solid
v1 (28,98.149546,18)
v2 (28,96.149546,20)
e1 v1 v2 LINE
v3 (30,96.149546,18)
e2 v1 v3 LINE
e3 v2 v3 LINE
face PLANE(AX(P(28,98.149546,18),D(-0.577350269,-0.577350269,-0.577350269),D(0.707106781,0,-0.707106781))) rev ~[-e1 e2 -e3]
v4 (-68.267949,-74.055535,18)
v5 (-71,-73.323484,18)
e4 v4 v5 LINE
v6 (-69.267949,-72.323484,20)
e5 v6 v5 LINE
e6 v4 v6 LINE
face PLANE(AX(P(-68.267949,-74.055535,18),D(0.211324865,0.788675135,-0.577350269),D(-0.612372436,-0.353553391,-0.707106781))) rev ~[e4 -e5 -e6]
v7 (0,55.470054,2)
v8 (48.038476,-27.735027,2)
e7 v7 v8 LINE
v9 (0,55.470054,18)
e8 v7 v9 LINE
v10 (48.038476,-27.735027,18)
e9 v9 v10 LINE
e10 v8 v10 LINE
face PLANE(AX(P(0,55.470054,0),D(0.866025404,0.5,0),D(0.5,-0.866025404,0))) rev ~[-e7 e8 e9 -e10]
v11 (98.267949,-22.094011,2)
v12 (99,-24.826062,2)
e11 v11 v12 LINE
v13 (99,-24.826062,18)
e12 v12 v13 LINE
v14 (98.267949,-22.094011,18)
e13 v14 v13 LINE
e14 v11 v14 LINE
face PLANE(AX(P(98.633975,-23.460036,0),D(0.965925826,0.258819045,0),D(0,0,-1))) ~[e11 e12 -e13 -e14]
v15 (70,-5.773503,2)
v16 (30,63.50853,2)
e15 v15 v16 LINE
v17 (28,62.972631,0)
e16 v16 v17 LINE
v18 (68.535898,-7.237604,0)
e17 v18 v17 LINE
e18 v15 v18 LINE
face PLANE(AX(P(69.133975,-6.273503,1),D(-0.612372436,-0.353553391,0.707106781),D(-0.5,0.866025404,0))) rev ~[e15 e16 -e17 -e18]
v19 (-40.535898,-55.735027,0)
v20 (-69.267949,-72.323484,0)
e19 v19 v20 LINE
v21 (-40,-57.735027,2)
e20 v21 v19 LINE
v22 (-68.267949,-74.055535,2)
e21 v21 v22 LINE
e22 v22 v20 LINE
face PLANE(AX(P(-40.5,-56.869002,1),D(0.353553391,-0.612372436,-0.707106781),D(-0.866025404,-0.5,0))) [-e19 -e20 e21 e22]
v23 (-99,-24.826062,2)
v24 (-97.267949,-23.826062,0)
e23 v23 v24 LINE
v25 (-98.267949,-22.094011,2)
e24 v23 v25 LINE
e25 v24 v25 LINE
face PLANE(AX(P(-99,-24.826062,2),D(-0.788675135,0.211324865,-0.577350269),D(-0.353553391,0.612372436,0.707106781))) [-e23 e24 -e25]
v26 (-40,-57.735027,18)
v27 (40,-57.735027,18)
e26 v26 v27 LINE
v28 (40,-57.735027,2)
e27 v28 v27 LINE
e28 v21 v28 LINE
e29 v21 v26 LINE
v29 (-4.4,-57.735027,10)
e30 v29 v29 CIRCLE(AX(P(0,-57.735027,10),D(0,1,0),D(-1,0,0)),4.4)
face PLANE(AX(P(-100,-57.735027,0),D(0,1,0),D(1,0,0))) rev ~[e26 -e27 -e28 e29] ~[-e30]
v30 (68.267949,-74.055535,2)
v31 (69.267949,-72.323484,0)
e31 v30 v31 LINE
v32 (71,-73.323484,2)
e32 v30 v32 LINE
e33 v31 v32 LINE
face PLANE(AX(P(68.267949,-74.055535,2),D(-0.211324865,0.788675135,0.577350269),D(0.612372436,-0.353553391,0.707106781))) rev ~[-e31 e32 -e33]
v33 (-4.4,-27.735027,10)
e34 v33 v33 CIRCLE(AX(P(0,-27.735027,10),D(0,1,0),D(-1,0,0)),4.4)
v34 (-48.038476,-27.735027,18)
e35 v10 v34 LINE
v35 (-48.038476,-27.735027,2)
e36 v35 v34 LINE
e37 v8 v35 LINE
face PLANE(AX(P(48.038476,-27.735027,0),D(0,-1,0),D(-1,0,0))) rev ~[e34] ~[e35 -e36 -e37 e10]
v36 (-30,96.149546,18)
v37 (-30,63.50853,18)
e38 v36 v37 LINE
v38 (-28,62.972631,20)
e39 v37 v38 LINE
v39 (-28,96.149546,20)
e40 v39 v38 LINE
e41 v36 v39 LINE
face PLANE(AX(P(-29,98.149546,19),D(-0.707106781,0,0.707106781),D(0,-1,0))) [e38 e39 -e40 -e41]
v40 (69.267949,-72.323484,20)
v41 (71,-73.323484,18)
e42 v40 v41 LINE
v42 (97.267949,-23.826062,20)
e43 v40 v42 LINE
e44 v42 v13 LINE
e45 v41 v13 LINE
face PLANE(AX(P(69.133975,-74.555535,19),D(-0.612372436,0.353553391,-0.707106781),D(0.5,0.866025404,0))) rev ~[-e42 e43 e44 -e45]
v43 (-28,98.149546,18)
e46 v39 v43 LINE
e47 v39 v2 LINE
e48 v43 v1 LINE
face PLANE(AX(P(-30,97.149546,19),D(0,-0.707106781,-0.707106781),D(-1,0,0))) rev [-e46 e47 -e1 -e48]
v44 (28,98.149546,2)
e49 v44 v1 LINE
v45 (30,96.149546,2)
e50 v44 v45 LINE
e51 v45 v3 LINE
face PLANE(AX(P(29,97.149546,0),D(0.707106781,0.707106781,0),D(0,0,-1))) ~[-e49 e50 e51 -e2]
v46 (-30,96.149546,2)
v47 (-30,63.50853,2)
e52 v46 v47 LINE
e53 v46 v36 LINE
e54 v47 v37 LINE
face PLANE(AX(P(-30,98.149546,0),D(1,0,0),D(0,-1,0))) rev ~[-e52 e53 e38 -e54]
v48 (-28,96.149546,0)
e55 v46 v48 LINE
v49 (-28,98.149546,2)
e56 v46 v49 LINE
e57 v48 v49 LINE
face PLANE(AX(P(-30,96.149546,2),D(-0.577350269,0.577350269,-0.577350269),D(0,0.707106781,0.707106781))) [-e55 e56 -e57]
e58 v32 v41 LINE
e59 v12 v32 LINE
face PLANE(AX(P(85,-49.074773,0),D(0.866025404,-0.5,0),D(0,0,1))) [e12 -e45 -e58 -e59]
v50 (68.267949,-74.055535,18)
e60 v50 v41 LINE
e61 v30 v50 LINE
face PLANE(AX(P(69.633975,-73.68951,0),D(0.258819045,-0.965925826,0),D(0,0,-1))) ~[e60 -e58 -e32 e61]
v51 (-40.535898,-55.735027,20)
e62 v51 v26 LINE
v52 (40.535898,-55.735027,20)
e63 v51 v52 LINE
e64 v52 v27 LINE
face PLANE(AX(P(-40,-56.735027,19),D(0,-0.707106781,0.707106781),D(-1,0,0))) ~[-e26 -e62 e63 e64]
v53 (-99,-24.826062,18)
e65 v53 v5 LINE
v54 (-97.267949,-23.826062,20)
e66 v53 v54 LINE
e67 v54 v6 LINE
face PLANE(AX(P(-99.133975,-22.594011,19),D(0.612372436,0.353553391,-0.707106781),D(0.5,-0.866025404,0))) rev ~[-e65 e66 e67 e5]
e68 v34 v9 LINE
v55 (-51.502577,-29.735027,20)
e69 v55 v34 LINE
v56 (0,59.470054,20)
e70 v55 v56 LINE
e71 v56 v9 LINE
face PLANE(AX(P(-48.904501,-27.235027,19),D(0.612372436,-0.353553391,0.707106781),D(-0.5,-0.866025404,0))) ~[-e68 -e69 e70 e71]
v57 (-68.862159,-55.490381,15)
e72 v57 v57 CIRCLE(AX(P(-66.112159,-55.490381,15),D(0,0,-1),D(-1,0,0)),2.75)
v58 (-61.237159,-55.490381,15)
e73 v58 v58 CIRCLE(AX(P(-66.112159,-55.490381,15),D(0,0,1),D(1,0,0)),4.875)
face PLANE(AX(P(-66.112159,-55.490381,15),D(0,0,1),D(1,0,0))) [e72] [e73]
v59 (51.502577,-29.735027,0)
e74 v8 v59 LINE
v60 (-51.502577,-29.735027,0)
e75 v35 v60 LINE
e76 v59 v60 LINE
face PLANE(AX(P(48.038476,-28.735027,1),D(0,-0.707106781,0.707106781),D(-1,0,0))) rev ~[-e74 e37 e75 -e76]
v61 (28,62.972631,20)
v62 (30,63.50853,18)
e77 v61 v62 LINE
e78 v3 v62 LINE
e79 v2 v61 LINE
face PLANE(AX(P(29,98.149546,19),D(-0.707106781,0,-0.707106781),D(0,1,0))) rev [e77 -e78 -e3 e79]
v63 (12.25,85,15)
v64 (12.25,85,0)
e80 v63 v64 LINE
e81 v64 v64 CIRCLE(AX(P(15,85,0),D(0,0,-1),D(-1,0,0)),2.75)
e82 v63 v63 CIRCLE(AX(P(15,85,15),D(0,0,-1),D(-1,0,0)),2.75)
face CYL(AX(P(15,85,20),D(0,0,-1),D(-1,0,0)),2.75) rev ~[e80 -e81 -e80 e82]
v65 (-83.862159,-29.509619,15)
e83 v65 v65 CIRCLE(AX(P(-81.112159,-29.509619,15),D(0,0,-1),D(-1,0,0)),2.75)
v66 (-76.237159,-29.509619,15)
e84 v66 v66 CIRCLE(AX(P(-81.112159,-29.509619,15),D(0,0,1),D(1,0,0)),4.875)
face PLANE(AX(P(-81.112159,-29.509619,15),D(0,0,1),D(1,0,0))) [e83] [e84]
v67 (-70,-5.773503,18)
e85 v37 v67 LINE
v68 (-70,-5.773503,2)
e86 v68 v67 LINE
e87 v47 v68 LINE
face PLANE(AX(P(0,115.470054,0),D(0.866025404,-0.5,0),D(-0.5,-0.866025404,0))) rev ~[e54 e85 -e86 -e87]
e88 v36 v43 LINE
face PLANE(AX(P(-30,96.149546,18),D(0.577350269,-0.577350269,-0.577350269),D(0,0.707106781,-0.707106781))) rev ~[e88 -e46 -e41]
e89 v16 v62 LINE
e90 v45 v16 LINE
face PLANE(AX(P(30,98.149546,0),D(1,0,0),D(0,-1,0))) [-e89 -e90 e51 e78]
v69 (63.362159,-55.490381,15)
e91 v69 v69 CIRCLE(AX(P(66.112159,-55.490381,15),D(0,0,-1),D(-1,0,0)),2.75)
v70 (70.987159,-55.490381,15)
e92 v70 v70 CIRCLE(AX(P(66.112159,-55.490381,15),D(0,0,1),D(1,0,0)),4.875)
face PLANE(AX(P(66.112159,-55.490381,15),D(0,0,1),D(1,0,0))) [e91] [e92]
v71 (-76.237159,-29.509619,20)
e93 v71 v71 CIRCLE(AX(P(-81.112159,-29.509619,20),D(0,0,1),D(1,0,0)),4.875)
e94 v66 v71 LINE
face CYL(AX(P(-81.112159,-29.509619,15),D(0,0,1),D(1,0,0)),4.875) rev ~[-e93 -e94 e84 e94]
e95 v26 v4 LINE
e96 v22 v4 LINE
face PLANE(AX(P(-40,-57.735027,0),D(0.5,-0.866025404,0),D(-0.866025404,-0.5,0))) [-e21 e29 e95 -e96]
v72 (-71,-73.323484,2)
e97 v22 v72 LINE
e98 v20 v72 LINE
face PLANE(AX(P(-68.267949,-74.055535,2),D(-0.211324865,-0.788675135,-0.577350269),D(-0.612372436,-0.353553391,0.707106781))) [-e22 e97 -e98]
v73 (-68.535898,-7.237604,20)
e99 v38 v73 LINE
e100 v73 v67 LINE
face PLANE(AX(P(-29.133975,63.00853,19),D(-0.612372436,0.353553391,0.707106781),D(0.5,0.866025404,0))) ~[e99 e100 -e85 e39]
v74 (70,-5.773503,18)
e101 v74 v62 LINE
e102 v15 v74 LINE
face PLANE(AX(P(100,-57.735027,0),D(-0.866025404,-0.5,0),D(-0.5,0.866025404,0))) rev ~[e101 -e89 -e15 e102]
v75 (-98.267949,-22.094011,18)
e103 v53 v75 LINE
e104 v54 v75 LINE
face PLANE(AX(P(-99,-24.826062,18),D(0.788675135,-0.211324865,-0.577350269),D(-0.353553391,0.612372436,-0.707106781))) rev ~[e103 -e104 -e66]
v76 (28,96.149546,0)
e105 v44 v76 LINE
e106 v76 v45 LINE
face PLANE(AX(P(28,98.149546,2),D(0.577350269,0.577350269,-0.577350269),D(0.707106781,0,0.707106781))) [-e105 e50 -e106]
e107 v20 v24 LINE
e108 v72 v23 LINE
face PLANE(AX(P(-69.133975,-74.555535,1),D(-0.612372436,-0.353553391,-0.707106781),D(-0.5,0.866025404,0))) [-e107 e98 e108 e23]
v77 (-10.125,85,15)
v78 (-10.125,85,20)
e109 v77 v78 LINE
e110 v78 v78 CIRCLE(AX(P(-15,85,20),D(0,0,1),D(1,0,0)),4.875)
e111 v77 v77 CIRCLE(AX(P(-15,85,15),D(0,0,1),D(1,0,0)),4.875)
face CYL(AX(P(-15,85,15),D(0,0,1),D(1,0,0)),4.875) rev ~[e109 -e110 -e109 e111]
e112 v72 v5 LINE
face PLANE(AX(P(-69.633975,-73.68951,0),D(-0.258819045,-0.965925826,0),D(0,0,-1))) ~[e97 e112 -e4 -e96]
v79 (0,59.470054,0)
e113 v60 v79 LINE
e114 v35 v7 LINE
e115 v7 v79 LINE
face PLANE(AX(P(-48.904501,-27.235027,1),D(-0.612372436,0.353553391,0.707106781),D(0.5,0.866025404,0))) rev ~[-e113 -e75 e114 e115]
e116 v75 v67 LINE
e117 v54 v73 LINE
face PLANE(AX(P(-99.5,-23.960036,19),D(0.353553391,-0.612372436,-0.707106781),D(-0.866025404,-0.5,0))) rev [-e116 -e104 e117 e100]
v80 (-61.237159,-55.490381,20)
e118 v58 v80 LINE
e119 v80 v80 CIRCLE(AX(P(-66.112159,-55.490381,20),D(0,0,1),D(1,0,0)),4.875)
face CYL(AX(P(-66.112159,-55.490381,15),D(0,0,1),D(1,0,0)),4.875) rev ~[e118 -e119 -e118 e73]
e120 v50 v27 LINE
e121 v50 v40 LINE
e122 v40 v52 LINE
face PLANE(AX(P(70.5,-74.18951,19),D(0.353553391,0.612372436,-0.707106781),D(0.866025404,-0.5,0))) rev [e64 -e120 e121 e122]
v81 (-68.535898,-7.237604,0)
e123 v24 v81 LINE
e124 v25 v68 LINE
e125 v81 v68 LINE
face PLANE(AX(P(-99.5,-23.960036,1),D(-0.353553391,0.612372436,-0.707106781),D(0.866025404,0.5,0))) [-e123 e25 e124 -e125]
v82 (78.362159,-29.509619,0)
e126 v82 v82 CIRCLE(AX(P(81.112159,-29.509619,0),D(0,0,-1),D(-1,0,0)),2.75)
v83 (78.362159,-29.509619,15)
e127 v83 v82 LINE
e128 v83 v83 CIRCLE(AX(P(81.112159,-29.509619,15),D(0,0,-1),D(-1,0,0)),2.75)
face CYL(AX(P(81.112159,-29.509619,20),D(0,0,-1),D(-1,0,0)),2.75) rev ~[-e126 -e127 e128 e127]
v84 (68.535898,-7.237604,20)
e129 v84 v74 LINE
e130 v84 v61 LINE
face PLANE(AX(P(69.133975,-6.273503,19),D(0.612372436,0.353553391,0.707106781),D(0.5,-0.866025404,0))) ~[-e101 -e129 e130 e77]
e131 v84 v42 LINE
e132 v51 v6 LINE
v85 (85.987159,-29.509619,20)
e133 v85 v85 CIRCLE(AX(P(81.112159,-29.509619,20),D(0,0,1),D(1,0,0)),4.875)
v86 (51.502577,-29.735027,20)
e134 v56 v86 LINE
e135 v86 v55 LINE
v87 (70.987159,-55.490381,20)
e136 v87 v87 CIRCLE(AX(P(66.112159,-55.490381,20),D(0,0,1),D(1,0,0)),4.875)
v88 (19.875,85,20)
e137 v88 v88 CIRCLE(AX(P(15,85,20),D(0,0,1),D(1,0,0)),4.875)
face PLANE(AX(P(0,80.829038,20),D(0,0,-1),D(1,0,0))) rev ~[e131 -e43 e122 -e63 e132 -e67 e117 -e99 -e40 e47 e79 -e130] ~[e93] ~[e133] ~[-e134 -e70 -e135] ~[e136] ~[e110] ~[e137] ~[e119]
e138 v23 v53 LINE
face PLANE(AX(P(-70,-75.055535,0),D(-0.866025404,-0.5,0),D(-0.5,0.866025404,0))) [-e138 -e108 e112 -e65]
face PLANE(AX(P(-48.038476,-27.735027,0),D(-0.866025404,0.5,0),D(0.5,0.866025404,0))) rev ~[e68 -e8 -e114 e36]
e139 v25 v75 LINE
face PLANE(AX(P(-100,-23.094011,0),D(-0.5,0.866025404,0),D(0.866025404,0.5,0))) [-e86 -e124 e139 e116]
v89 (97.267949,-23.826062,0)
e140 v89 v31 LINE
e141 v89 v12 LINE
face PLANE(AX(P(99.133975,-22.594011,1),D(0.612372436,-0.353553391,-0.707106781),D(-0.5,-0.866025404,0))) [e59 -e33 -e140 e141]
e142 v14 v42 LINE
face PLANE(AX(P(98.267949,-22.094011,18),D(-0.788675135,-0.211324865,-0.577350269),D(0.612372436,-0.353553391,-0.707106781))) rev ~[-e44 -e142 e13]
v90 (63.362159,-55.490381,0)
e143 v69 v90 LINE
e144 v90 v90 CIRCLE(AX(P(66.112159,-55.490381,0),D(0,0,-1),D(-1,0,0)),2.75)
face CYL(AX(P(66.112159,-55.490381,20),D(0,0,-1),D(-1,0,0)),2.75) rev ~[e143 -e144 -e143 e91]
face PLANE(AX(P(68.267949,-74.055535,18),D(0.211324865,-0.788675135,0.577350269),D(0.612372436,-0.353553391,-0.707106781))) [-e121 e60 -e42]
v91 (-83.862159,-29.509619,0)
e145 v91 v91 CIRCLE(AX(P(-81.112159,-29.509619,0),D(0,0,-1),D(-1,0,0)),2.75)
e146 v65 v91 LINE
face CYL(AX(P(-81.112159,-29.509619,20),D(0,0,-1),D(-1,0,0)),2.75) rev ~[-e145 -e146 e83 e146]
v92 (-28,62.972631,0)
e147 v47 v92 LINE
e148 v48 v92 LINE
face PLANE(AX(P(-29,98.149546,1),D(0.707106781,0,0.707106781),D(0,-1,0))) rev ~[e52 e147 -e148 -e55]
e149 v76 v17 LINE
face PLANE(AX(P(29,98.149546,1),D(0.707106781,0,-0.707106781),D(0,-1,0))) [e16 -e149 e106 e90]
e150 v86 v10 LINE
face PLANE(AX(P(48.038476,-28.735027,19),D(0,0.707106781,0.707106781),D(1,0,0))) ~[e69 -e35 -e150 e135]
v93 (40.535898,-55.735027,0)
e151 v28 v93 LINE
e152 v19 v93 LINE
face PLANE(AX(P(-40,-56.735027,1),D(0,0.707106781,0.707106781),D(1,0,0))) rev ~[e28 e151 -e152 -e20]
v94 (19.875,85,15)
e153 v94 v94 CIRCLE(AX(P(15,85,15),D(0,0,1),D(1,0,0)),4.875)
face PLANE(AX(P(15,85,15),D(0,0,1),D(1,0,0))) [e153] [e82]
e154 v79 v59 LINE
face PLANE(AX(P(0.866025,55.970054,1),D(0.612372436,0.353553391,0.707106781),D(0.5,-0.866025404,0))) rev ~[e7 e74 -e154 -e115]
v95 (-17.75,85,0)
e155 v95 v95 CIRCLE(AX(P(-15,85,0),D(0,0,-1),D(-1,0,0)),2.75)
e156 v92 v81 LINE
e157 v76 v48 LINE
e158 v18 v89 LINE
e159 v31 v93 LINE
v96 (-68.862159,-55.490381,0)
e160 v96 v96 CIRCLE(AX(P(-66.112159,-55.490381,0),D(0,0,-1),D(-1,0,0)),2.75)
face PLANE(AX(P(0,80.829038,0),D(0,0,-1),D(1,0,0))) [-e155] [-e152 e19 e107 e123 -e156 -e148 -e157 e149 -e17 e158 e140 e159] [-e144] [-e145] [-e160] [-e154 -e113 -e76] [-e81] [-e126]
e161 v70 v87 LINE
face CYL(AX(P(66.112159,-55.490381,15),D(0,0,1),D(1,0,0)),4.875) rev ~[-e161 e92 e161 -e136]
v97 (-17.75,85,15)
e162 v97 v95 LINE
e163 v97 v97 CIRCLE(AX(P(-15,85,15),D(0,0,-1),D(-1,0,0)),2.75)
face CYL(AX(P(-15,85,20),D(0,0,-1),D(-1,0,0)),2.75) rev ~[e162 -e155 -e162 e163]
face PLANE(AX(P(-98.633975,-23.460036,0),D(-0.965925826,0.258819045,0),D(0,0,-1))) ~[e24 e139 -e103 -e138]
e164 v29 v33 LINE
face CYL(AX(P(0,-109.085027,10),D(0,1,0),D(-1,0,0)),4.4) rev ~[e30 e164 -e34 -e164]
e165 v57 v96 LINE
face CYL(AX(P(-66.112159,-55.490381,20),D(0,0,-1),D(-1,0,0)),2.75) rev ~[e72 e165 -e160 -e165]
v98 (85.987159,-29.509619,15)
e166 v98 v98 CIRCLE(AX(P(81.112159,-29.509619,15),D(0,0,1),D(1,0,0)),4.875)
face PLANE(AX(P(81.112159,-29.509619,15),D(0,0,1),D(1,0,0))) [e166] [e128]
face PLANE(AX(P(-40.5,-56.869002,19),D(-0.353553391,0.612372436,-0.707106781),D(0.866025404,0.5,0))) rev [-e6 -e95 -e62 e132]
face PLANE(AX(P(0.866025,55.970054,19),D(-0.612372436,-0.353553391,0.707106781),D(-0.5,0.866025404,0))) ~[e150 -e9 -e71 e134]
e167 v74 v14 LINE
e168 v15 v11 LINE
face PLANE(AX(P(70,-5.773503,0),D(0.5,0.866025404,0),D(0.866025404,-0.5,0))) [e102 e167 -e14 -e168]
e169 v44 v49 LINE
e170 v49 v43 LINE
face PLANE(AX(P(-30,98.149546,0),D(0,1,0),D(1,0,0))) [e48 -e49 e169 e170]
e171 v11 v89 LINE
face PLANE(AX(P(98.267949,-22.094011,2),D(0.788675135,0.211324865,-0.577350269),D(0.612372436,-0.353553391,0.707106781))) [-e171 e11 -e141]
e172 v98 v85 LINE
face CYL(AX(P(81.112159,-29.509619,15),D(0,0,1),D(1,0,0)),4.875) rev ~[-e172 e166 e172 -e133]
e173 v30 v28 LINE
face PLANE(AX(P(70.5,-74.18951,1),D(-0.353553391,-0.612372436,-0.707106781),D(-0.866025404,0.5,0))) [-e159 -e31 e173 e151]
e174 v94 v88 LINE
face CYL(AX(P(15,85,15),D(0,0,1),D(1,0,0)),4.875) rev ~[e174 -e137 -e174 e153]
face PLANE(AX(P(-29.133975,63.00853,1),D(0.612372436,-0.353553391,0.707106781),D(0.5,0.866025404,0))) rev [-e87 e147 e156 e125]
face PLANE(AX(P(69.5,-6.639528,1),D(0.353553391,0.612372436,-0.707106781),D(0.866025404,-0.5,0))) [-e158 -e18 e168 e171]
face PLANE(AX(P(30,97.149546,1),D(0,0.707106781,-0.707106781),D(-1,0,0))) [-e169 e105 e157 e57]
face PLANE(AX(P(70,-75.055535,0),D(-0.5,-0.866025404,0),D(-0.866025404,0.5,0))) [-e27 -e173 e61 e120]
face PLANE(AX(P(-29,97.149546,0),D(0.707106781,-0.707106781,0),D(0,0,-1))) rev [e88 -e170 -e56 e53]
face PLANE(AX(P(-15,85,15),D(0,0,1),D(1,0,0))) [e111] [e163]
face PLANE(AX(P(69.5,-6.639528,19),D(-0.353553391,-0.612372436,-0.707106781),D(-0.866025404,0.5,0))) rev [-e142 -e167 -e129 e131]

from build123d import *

# Parameters (mm, degrees)
F1_DEPTH       = 20
F2_SIZE        = 20
F3_W           = 60
F3_H           = 34.6410161514
F4_DEPTH       = 20
F5_SIZE        = 2
F7_D           = 5.5
F7_CBORE_D     = 9.75
F7_CBORE_DEPTH = 5
F9_D           = 8.8
F9_DEPTH       = 51.35
F9_TIP         = 2.6437867237


with BuildPart() as f1:
    # F0 (on Top) → F1 (new body)
    with BuildSketch(Plane.XY):
        Polygon((0, 115.4700538379), (-100, -57.735026919), (100, -57.735026919), align=None)
        Polygon((-48.0384757729, -27.735026919), (0, 55.4700538379), (48.0384757729, -27.735026919), align=None, mode=Mode.SUBTRACT)
    extrude(amount=F1_DEPTH)

    # F2
    f2_edges = [f1.edges().sort_by_distance(p)[0] for p in [
        (-100, -57.735027, 10),
        (100, -57.735027, 10),
        (0, 115.470054, 10),
    ]]
    chamfer(f2_edges, length=F2_SIZE)

    # F3 (on face) → F4 (join, through all)
    with BuildSketch(Plane(origin=(0, 0, 0), x_dir=(1, 0, 0), z_dir=(0, 0, -1))):
        with Locations((0, -80.8290376865)):
            Rectangle(F3_W, F3_H)
        Polygon((70, 5.7735026919), (100, 23.0940107676), (70, 75.0555349947), (40, 57.735026919), align=None)
        Polygon((-40, 57.735026919), (-70, 75.0555349947), (-100, 23.0940107676), (-70, 5.7735026919), align=None)
    extrude(amount=-F4_DEPTH)

    # F5
    f5_edges = [f1.edges().sort_by_distance(p)[0] for p in [
        (85, -49.074773, 20),
        (85, -14.433757, 20),
        (50, 28.867513, 20),
        (30, 80.829038, 20),
        (0, 98.149546, 20),
        (-30, 80.829038, 20),
        (-50, 28.867513, 20),
        (-85, -14.433757, 20),
        (-85, -49.074773, 20),
        (-55, -66.395281, 20),
        (0, -57.735027, 20),
        (55, -66.395281, 20),
        (-24.019238, 13.867513, 20),
        (24.019238, 13.867513, 20),
        (0, -27.735027, 20),
        (85, -49.074773, 0),
        (85, -14.433757, 0),
        (50, 28.867513, 0),
        (30, 80.829038, 0),
        (0, 98.149546, 0),
        (-30, 80.829038, 0),
        (-50, 28.867513, 0),
        (-85, -14.433757, 0),
        (-85, -49.074773, 0),
        (-55, -66.395281, 0),
        (0, -57.735027, 0),
        (55, -66.395281, 0),
        (-24.019238, 13.867513, 0),
        (24.019238, 13.867513, 0),
        (0, -27.735027, 0),
        (100, -23.094011, 10),
        (70, -75.055535, 10),
        (30, 98.149546, 10),
        (-30, 98.149546, 10),
        (-100, -23.094011, 10),
        (-70, -75.055535, 10),
    ]]
    chamfer(f5_edges, length=F5_SIZE)

    # F7 (through all)
    with Locations(Plane.XY.offset(20)):
        with Locations((-66.1121593217, -55.4903810568), (-81.1121593217, -29.5096189432), (-15, 85), (15, 85), (81.1121593217, -29.5096189432), (66.1121593217, -55.4903810568)):
            CounterBoreHole(F7_D / 2, F7_CBORE_D / 2, F7_CBORE_DEPTH)

    # F9
    with Locations(Plane.XZ.offset(57.735026919)):
        with Locations((0, 10)):
            Hole(F9_D / 2, depth=F9_DEPTH)
            with Locations((0, 0, -(F9_DEPTH + F9_TIP / 2))):  # 118° drill point
                Cone(0, F9_D / 2, F9_TIP, mode=Mode.SUBTRACT)


solid = f1.part
